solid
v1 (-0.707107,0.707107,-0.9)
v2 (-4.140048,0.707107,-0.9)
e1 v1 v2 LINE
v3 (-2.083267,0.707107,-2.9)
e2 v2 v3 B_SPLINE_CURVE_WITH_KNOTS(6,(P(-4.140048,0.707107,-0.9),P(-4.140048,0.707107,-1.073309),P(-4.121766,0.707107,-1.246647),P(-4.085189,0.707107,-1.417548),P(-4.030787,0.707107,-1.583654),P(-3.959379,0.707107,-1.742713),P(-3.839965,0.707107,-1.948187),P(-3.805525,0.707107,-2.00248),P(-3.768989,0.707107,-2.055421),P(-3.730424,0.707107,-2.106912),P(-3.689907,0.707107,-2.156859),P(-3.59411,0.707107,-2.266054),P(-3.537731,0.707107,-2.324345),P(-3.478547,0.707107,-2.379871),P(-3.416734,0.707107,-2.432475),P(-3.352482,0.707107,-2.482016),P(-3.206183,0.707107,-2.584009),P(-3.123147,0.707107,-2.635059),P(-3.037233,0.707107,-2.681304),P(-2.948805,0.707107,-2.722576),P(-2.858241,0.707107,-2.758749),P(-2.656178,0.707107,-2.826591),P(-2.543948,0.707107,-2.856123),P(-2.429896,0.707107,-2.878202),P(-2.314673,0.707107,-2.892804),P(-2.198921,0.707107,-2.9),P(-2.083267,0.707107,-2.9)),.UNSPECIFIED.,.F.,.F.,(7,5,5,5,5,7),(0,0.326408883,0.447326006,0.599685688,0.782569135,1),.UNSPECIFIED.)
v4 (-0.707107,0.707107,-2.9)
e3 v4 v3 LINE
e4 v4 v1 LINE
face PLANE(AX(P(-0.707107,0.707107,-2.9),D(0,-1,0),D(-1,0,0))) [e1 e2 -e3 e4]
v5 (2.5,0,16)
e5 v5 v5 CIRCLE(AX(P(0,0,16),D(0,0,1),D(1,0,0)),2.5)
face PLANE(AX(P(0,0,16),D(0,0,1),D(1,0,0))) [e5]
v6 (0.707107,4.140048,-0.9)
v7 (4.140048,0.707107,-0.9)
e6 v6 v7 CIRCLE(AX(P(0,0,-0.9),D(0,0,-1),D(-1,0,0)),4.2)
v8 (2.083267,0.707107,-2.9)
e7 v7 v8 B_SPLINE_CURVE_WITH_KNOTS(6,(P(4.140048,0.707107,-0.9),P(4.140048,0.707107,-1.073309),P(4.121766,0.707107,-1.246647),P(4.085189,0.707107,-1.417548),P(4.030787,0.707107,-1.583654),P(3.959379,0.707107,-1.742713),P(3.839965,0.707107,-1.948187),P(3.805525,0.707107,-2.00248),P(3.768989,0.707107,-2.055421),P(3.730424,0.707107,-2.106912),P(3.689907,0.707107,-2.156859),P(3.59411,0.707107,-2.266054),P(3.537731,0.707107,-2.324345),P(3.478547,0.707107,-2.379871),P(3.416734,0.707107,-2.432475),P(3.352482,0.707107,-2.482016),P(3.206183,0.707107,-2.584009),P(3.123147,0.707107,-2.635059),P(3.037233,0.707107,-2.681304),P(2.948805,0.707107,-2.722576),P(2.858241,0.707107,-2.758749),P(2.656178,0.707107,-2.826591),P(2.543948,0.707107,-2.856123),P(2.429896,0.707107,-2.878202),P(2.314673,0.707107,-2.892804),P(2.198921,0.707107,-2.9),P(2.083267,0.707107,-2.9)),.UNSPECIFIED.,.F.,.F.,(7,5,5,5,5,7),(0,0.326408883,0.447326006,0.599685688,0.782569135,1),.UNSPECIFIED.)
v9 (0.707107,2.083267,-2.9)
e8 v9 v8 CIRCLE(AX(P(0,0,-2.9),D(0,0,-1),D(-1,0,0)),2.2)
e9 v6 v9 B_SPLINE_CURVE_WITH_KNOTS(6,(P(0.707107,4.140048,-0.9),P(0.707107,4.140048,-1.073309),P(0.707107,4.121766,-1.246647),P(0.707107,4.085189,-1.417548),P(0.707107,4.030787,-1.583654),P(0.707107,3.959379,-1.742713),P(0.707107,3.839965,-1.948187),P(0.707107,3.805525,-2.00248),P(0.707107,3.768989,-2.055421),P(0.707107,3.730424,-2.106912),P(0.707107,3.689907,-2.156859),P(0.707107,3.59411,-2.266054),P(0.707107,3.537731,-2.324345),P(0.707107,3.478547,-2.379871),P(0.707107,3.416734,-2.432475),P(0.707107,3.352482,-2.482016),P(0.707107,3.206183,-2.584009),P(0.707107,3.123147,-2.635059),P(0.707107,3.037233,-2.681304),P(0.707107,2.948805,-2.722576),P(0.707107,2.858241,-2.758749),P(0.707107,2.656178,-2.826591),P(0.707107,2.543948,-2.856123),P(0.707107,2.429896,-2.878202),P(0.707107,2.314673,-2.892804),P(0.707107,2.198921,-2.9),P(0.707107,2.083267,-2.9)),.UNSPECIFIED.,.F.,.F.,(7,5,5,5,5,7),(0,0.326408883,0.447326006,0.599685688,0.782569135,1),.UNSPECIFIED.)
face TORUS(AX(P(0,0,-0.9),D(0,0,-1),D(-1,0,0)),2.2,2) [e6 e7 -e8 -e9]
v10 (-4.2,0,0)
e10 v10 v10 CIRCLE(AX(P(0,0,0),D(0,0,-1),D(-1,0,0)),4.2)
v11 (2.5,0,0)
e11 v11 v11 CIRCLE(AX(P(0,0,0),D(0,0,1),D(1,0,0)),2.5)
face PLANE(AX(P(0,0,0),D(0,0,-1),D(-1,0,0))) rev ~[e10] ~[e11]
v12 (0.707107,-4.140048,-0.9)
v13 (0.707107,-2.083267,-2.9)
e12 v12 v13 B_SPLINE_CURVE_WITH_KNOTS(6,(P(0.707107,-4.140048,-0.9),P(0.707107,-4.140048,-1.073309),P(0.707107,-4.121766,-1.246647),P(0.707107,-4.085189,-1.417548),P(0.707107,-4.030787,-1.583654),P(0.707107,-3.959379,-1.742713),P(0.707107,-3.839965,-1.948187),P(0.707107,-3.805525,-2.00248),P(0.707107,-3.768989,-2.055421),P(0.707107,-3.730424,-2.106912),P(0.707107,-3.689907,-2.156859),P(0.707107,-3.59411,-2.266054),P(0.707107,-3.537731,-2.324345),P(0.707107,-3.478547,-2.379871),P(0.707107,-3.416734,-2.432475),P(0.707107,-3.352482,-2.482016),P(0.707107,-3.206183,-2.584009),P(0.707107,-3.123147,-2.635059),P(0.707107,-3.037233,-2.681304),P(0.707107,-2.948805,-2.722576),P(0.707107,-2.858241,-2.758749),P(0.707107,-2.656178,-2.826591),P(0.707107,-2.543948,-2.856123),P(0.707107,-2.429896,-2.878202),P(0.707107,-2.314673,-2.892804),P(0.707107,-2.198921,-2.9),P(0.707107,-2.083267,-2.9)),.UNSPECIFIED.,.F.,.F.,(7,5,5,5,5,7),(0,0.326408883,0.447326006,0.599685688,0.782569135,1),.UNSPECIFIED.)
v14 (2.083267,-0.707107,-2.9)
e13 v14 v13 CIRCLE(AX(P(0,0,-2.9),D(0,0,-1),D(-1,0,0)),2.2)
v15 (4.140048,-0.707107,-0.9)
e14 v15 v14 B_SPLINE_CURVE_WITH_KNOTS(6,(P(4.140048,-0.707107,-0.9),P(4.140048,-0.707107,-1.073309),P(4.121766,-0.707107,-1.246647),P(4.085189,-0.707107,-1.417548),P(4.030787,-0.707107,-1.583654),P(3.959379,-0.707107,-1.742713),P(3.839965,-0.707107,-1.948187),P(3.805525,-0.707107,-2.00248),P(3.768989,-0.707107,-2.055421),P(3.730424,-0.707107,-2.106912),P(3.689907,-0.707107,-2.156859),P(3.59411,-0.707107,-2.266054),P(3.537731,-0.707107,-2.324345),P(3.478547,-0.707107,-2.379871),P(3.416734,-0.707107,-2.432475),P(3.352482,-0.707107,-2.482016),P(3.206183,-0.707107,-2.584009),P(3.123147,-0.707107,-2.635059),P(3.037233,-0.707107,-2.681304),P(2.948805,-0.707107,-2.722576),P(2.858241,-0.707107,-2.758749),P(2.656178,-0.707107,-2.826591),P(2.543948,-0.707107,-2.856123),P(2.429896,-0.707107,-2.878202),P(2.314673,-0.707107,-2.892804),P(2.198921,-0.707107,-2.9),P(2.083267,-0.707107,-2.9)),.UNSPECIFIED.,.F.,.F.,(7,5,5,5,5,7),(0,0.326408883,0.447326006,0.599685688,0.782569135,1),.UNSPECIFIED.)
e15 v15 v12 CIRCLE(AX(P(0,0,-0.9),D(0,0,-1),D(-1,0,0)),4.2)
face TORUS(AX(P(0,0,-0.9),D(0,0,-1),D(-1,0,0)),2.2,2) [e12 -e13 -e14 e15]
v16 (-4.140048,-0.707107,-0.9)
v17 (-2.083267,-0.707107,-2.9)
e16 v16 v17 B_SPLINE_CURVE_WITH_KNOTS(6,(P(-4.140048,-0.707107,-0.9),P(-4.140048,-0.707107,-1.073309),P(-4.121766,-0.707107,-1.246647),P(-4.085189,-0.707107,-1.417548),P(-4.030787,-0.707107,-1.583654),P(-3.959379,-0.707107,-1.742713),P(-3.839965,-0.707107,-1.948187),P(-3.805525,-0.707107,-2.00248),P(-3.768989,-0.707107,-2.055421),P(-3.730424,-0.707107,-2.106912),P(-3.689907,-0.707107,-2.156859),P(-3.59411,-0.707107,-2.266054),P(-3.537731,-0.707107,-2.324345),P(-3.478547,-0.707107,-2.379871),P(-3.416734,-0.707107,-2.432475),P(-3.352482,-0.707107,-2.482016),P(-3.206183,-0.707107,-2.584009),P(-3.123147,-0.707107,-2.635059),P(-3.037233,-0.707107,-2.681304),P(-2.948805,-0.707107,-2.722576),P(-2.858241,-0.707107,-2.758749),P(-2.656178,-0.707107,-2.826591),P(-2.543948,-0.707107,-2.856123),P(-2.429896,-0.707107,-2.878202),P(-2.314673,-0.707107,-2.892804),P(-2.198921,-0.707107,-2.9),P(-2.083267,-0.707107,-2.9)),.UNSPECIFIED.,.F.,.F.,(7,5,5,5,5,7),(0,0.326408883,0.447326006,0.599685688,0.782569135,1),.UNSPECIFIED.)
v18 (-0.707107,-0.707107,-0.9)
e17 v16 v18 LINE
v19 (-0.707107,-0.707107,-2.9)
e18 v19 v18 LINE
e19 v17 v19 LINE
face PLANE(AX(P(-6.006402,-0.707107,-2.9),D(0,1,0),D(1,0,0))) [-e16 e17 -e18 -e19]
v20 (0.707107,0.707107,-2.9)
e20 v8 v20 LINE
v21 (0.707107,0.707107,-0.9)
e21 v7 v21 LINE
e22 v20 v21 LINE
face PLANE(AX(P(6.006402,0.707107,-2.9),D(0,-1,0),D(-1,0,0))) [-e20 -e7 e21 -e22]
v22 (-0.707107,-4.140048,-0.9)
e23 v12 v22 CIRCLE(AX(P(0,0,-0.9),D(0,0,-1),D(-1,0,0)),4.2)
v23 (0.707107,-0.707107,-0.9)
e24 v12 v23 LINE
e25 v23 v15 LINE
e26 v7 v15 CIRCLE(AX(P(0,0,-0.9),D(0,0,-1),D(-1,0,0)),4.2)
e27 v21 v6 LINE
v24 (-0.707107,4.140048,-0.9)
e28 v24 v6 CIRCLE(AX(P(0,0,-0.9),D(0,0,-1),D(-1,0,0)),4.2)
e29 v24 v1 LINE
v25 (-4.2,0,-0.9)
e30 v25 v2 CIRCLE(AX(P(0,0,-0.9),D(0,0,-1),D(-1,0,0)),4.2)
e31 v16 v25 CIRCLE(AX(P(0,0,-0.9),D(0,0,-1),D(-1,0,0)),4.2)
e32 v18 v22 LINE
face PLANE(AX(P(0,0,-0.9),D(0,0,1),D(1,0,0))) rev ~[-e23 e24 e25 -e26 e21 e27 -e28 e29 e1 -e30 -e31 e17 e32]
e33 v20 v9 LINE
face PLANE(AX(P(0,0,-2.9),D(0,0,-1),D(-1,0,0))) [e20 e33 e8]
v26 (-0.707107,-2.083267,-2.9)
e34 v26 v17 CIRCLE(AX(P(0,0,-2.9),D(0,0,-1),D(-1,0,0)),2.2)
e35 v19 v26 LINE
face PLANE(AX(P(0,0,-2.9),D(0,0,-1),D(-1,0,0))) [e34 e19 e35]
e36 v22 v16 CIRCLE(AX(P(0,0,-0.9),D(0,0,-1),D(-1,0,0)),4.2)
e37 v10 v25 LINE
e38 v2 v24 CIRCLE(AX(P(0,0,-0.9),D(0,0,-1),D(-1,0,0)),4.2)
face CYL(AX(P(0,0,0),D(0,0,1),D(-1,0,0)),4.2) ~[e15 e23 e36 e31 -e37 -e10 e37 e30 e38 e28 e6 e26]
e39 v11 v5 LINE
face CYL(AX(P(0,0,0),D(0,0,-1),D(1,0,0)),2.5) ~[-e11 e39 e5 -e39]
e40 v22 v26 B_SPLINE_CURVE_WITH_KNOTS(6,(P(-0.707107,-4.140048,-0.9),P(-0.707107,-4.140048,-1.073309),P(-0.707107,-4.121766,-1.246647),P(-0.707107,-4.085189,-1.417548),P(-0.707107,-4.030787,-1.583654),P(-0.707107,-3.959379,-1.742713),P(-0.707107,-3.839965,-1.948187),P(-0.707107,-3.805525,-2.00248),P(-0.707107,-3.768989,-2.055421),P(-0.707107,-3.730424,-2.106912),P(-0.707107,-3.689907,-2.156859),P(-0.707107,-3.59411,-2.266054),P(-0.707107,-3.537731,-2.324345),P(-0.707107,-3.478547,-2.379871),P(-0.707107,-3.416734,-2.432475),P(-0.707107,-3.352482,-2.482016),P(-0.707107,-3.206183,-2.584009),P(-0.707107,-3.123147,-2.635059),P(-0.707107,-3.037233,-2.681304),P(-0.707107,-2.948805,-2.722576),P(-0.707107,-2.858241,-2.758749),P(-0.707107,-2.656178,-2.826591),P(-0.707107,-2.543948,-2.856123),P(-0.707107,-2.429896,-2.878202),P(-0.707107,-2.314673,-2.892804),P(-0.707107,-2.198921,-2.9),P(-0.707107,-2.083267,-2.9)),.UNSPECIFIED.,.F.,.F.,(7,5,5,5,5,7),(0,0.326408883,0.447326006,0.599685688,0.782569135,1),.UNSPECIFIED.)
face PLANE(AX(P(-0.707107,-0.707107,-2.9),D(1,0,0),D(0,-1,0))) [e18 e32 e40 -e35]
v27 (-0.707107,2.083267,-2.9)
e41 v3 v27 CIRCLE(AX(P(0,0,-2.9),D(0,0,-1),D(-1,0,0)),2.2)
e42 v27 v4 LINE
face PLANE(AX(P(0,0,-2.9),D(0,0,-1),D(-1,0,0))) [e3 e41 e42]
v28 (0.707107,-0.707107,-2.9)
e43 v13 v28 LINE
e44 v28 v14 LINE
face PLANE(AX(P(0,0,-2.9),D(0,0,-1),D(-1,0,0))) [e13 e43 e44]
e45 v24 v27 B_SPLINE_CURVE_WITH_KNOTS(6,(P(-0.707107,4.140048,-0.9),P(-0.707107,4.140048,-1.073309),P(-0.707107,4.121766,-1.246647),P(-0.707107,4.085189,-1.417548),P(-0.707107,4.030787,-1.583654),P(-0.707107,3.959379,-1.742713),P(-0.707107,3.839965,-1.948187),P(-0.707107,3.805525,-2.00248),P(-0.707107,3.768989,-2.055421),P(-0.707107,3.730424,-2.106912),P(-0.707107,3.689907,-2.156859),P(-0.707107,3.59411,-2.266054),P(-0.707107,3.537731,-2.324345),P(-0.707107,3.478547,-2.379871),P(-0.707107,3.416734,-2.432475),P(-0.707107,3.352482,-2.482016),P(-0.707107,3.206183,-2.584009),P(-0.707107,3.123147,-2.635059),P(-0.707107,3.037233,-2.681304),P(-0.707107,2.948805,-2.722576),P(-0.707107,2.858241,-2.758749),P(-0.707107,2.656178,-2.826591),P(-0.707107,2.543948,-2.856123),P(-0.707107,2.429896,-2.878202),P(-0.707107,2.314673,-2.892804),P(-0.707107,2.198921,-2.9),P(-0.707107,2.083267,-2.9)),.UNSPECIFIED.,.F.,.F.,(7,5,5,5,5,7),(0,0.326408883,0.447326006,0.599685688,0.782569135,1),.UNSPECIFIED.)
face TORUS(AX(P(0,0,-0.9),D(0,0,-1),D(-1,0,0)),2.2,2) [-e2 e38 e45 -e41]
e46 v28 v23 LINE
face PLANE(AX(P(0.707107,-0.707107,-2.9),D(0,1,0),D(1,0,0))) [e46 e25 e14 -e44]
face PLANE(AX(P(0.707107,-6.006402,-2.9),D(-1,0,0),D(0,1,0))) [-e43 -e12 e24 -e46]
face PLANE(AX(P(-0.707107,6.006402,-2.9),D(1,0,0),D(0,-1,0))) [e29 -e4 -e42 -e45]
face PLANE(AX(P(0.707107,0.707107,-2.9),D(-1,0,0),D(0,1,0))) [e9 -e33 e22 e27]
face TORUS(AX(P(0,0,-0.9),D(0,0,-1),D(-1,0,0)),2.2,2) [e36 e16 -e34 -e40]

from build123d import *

# Parameters (mm, degrees)
SKETCH_1_R          = 2.5
EXTRUDE_1_DEPTH     = 16
SKETCH_2_R          = 4.2
EXTRUDE_2_DEPTH     = 2.9
FILLET_1_R          = 2
CUT_EXTRUDE_1_DEPTH = 2


with BuildPart() as part:
    # 草图1 → 凸台-拉伸1 (new body)
    with BuildSketch(Plane.XY):
        Circle(SKETCH_1_R)
    extrude(amount=EXTRUDE_1_DEPTH)

    # 草图2 → 凸台-拉伸2 (add)
    with BuildSketch(Plane(origin=(0, 0, 0), x_dir=(-1, 0, 0), z_dir=(0, 0, -1))):
        Circle(SKETCH_2_R)
    extrude(amount=EXTRUDE_2_DEPTH)

    # 圆角1
    fillet_1_edges = [part.edges().sort_by_distance(p)[0] for p in [
        (4.2, 0, -2.9),
    ]]
    fillet(fillet_1_edges, radius=FILLET_1_R)

    # 草图3 → 切除-拉伸1 (cut)
    with BuildSketch(Plane(origin=(0, 0, -2.9), x_dir=(-1, 0, 0), z_dir=(0, 0, -1))):
        Polygon((-0.707106781, 0.707106781), (-0.707106781, 6.006401657), (0.707106781, 6.006401657), (0.707106781, 0.707106781), (6.006401657, 0.707106781), (6.006401657, -0.707106781), (0.707106781, -0.707106781), (0.707106781, -6.006401657), (-0.707106781, -6.006401657), (-0.707106781, -0.707106781), (-6.006401657, -0.707106781), (-6.006401657, 0.707106781), align=None)
    extrude(amount=-CUT_EXTRUDE_1_DEPTH, mode=Mode.SUBTRACT)


solid = part.part
